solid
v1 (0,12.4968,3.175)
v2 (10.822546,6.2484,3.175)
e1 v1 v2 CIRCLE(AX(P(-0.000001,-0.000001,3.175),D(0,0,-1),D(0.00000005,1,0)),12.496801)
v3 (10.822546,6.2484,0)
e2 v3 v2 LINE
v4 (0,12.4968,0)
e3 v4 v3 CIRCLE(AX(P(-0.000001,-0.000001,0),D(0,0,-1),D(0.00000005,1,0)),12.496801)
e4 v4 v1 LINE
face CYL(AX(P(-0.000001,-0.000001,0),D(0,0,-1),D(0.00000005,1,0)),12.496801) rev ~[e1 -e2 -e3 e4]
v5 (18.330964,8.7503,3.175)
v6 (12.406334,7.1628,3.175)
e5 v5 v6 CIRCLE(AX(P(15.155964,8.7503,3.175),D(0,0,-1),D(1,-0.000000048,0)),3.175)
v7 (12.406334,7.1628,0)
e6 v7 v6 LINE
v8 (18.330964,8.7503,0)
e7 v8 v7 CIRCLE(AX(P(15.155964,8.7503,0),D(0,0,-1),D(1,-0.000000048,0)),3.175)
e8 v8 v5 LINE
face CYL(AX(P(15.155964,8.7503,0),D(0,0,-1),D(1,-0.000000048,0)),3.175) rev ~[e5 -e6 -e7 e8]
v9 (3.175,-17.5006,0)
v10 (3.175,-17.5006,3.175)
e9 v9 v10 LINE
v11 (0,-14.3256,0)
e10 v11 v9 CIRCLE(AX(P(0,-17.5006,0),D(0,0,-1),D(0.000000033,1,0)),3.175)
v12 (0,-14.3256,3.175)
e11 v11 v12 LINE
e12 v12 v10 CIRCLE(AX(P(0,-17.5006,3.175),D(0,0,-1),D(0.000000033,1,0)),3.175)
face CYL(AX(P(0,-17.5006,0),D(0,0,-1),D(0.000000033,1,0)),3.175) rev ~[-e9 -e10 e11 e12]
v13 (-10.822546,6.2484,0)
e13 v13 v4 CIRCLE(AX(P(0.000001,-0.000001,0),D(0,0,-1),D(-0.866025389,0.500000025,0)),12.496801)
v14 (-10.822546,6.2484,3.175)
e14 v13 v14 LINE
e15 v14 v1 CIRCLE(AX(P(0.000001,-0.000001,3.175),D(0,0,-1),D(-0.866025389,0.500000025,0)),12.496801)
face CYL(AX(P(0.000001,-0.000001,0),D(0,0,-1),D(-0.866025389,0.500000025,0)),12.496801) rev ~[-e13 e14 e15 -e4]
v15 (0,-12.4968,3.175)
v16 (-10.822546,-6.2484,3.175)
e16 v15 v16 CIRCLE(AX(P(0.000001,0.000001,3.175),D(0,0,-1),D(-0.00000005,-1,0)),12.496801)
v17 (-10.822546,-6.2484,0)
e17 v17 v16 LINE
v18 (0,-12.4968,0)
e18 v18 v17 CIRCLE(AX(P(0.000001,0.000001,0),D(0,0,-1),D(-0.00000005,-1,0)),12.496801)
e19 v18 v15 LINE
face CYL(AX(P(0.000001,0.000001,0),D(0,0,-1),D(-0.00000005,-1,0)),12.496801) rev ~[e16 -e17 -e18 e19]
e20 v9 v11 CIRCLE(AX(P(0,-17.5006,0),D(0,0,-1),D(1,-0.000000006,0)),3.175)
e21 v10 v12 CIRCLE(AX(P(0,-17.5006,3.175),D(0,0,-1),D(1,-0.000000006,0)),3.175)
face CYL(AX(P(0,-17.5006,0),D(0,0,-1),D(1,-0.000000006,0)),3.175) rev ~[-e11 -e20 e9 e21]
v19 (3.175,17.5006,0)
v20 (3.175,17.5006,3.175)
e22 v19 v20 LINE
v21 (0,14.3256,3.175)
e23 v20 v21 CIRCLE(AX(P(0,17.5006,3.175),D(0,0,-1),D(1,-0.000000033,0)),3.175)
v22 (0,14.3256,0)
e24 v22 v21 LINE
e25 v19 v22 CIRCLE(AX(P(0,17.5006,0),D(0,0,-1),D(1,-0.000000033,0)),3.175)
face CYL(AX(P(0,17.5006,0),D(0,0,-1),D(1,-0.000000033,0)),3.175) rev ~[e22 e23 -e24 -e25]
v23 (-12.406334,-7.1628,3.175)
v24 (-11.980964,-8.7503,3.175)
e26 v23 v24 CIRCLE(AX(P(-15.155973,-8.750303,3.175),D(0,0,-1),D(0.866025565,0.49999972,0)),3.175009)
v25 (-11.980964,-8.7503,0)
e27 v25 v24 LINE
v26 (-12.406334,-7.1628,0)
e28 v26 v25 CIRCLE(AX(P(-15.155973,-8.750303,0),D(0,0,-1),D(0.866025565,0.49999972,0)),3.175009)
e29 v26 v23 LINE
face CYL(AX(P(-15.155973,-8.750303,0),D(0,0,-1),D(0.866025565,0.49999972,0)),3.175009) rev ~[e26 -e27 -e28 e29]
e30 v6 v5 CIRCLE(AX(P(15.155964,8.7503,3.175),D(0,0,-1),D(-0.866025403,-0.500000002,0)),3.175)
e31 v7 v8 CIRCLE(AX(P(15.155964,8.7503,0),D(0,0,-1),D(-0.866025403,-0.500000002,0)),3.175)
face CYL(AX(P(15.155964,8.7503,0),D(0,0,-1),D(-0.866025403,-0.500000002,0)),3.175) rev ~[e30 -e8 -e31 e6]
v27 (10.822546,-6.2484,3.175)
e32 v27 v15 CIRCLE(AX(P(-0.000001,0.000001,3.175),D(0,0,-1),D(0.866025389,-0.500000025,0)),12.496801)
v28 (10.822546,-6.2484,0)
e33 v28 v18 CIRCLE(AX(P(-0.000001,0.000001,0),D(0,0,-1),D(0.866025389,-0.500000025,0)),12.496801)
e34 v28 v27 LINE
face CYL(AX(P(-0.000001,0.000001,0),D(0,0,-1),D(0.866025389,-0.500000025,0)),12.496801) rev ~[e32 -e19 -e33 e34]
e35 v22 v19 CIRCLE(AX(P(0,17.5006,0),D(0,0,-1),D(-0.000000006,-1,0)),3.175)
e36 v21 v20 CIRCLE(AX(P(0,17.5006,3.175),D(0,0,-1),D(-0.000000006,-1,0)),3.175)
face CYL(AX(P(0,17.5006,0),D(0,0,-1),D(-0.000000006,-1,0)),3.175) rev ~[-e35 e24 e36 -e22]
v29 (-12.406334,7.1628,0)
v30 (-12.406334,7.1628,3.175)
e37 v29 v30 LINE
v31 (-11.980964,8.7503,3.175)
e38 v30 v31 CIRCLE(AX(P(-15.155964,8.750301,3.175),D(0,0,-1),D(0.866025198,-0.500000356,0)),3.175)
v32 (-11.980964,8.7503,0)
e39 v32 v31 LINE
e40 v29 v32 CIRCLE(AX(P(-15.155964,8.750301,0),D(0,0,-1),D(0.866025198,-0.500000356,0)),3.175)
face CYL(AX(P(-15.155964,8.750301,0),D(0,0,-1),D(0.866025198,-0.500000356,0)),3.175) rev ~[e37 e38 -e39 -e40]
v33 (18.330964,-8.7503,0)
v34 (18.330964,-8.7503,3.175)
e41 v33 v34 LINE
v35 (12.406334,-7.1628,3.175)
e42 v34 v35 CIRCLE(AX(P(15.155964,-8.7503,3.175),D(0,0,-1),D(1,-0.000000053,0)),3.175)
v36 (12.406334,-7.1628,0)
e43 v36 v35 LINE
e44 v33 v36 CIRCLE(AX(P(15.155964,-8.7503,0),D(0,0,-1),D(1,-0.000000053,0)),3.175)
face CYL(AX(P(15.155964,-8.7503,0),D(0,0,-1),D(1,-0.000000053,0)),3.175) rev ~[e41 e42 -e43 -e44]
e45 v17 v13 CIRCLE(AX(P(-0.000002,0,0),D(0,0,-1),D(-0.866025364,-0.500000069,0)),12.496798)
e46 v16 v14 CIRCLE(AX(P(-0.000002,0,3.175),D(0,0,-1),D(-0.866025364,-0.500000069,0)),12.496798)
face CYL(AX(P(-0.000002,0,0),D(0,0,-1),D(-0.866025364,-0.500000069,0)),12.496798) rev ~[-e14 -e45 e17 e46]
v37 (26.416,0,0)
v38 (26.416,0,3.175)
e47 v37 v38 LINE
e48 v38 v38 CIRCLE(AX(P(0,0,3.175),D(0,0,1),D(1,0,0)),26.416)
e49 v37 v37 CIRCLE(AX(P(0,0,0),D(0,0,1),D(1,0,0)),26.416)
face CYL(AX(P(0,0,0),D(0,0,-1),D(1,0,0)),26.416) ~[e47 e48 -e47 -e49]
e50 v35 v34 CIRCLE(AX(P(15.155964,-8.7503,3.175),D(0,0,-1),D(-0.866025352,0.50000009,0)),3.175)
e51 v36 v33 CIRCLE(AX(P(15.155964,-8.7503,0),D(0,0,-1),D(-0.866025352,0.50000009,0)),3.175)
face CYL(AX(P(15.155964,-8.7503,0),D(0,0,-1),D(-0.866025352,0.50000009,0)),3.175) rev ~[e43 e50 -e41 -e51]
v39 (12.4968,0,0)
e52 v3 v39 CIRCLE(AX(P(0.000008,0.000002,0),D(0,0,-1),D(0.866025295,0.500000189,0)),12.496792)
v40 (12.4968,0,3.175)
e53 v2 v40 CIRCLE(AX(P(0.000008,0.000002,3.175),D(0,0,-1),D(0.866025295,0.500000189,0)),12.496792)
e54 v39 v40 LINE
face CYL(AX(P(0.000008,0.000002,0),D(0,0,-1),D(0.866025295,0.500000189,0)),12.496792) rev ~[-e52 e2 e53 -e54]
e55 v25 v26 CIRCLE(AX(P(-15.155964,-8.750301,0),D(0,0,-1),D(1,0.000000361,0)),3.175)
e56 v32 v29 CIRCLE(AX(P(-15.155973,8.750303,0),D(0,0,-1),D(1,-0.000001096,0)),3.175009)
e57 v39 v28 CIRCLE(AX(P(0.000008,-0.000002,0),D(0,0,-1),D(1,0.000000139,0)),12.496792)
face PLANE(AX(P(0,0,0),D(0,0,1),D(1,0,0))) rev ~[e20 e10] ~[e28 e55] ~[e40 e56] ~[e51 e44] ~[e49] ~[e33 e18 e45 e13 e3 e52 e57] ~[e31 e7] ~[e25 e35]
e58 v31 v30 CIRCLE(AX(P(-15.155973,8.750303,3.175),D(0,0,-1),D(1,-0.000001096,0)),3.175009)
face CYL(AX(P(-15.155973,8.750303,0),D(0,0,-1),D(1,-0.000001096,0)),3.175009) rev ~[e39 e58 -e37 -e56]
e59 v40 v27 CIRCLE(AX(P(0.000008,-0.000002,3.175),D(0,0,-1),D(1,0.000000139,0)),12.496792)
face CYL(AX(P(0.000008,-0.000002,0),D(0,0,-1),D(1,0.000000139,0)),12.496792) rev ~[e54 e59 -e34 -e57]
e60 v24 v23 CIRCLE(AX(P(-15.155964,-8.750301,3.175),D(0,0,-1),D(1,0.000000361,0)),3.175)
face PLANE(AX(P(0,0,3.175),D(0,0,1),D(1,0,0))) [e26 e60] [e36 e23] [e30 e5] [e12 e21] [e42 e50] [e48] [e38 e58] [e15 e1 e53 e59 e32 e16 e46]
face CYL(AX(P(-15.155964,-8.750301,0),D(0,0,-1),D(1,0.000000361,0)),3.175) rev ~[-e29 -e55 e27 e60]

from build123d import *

# Parameters (mm, degrees)
F0_R     = 26.416
F1_DEPTH = 3.175


with BuildPart() as f1:
    # F0 (on Top) → F1 (new body)
    with BuildSketch(Plane.XY):
        Circle(F0_R)
        with BuildLine():
            ThreePointArc((-11.980964, -8.7503), (-18.222779, -9.57205), (-12.406334, -7.1628))
            ThreePointArc((-12.406334, -7.1628), (-12.08915, -7.92855), (-11.980964, -8.7503))
        make_face(mode=Mode.SUBTRACT)
        with BuildLine():
            ThreePointArc((3.175, -17.5006), (-2.245064, -19.745664), (0, -14.3256))
            ThreePointArc((0, -14.3256), (2.245064, -15.255536), (3.175, -17.5006))
        make_face(mode=Mode.SUBTRACT)
        with BuildLine():
            ThreePointArc((18.330964, -8.7503), (14.334214, -11.817114), (12.406334, -7.1628))
            ThreePointArc((12.406334, -7.1628), (15.977715, -5.683486), (18.330964, -8.7503))
        make_face(mode=Mode.SUBTRACT)
        with BuildLine():
            ThreePointArc((-11.980964, 8.7503), (-12.08915, 7.92855), (-12.406334, 7.1628))
            ThreePointArc((-12.406334, 7.1628), (-18.222779, 9.57205), (-11.980964, 8.7503))
        make_face(mode=Mode.SUBTRACT)
        with BuildLine():
            ThreePointArc((10.822546, 6.2484), (12.070982, 3.23441), (12.4968, 0))
            ThreePointArc((12.4968, 0), (12.070982, -3.23441), (10.822546, -6.2484))
            ThreePointArc((10.822546, -6.2484), (6.2484, -10.822546), (0, -12.4968))
            ThreePointArc((0, -12.4968), (-6.2484, -10.822546), (-10.822546, -6.2484))
            ThreePointArc((-10.822546, -6.2484), (-12.4968, 0), (-10.822546, 6.2484))
            ThreePointArc((-10.822546, 6.2484), (-6.2484, 10.822546), (0, 12.4968))
            ThreePointArc((0, 12.4968), (6.2484, 10.822546), (10.822546, 6.2484))
        make_face(mode=Mode.SUBTRACT)
        with BuildLine():
            ThreePointArc((18.330964, 8.7503), (15.977715, 5.683486), (12.406334, 7.1628))
            ThreePointArc((12.406334, 7.1628), (14.334214, 11.817114), (18.330964, 8.7503))
        make_face(mode=Mode.SUBTRACT)
        with BuildLine():
            ThreePointArc((3.175, 17.5006), (2.245064, 15.255536), (0, 14.3256))
            ThreePointArc((0, 14.3256), (-2.245064, 19.745664), (3.175, 17.5006))
        make_face(mode=Mode.SUBTRACT)
    extrude(amount=F1_DEPTH)


solid = f1.part
